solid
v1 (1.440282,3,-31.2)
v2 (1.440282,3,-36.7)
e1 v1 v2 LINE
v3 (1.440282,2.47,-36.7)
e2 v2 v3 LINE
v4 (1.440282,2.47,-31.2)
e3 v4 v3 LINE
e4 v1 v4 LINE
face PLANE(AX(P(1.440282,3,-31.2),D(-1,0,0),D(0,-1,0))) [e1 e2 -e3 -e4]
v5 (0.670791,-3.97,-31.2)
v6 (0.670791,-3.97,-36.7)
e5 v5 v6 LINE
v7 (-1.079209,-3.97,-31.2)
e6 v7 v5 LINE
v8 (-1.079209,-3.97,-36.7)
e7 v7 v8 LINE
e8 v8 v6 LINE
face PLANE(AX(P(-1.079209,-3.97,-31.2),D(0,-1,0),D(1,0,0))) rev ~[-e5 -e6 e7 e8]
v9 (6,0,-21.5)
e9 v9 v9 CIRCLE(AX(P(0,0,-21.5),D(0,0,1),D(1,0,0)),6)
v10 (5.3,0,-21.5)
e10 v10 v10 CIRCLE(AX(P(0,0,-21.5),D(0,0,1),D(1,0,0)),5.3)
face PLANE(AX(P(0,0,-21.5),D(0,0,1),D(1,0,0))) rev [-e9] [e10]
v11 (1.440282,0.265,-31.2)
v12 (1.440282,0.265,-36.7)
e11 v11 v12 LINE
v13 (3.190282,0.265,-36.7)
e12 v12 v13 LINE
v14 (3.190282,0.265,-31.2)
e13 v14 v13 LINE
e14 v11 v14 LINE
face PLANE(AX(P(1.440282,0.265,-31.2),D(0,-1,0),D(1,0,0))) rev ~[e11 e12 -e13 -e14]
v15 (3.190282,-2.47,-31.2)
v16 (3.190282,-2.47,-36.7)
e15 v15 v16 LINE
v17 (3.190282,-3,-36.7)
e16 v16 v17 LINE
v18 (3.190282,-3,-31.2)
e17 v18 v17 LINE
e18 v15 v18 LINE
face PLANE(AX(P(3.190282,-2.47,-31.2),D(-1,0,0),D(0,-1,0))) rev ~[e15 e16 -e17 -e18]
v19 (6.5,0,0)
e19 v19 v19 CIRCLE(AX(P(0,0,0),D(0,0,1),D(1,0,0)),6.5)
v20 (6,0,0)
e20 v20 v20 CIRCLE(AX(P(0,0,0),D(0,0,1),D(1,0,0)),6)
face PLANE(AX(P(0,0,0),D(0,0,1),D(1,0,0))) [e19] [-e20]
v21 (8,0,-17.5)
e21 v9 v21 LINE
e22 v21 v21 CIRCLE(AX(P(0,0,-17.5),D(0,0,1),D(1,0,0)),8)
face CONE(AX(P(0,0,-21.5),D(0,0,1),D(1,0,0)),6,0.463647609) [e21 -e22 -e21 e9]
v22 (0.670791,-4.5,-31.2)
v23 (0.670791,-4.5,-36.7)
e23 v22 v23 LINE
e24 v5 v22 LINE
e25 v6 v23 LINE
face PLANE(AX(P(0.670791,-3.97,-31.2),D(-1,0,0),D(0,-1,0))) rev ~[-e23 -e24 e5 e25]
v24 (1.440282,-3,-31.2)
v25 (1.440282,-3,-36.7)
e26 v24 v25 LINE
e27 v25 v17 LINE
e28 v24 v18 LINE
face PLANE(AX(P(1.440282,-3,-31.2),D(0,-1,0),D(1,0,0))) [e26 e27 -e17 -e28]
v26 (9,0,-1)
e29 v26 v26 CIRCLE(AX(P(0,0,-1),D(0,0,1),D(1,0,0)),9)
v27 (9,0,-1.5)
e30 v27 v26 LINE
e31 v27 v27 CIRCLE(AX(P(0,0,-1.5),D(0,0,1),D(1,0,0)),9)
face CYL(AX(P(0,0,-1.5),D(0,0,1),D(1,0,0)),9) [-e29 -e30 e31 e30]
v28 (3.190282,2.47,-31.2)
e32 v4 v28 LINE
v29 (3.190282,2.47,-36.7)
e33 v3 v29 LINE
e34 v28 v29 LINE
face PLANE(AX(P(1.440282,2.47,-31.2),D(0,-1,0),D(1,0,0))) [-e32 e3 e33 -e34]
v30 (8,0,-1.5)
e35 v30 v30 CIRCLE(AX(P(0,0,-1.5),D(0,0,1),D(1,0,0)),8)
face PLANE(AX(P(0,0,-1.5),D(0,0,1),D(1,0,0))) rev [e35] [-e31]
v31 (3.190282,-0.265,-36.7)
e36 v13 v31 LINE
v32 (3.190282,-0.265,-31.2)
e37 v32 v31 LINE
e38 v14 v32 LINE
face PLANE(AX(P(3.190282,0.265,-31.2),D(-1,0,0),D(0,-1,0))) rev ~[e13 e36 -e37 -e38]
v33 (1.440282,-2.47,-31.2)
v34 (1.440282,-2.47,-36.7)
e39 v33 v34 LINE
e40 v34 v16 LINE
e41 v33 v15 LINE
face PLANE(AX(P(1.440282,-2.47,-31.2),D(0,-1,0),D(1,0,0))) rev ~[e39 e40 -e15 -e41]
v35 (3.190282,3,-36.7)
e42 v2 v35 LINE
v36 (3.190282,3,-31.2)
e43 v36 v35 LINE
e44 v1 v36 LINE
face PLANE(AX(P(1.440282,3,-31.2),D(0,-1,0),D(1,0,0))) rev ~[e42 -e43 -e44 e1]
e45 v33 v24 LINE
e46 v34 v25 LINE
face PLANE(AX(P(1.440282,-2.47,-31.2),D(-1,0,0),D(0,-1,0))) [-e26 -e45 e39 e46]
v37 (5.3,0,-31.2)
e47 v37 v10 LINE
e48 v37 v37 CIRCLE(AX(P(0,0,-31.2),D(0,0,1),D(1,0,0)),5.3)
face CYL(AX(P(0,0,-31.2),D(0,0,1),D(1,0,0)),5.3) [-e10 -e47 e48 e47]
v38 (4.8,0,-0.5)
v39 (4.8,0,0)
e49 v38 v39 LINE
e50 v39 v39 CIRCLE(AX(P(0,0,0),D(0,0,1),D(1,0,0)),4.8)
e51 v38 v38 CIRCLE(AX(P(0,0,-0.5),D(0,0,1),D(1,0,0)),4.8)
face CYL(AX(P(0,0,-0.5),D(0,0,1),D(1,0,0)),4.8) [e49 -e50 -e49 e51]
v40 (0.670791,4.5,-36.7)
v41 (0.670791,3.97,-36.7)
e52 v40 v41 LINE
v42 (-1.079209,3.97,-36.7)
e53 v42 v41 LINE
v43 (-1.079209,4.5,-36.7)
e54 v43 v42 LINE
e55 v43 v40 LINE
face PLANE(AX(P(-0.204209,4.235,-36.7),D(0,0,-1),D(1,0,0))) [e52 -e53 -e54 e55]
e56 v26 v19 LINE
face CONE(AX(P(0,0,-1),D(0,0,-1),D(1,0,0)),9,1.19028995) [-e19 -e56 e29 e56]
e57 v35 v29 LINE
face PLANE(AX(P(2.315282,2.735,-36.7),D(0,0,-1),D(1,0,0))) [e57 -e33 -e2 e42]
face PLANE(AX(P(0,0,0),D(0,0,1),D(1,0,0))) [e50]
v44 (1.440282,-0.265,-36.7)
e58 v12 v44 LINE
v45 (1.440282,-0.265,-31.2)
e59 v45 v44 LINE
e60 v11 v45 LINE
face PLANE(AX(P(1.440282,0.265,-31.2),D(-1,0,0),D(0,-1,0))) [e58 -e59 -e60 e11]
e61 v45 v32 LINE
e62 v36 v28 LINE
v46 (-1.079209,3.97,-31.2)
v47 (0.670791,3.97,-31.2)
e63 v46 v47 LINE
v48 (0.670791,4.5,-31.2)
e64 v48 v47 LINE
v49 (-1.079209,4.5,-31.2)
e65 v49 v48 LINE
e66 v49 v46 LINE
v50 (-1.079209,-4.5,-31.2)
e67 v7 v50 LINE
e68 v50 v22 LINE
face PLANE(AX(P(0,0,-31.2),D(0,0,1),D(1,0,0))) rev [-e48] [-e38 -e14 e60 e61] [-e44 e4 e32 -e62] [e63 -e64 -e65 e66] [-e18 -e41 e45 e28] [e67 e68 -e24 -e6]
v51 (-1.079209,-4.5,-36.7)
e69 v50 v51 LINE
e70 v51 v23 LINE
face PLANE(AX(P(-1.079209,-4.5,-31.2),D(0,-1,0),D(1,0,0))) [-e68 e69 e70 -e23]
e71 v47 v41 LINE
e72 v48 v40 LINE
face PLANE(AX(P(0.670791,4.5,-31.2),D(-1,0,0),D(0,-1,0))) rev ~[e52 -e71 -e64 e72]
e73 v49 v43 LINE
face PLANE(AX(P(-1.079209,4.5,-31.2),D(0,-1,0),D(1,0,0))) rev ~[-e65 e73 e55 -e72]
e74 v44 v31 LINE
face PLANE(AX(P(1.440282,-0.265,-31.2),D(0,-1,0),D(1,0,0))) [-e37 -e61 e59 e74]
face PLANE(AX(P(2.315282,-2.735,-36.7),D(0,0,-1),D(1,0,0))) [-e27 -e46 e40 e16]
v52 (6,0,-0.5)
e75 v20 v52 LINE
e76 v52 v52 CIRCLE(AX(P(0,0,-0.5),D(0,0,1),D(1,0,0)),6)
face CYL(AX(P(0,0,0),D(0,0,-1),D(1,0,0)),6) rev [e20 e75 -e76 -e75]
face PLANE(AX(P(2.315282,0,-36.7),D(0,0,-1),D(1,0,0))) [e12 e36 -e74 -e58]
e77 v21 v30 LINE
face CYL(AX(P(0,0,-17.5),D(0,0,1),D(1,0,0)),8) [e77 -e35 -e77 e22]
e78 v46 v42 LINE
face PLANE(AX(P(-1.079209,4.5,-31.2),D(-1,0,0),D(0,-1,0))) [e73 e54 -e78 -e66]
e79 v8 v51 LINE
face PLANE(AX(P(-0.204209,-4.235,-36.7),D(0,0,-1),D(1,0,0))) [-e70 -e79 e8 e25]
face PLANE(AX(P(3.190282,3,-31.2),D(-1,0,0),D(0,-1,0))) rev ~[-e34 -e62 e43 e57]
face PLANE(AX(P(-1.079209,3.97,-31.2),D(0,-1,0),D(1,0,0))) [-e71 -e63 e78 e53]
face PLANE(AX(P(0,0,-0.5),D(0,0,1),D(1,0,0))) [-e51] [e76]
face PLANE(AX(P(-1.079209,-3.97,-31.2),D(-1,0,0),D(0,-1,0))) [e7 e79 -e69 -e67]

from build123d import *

# Parameters (mm, degrees)
F2_W     = 1.75
F2_H     = 0.53
F3_DEPTH = 5.5


with BuildPart() as f1:
    # F0 (on Front) → F1 (revolve)
    with BuildSketch(Plane.XZ):
        Polygon((4.8, 0), (0, 0), (0, -31.2), (5.3, -31.2), (5.3, -21.5), (6, -21.5), (8, -17.5), (8, -1.5), (9, -1.5), (9, -1), (6.5, 0), (6, 0), (6, -0.5), (4.8, -0.5), align=None)
    revolve(axis=Axis((0, 0, -15.6), (0, 0, 1)))

    # F2 (on face) → F3 (join)
    with BuildSketch(Plane(origin=(0, 0, -31.2), x_dir=(1, 0, 0), z_dir=(0, 0, -1))):
        with Locations((-0.204209, -4.235)):
            Rectangle(F2_W, F2_H)
        with Locations((2.315282, -2.735)):
            Rectangle(F2_W, F2_H)
        with Locations((2.315282, 0)):
            Rectangle(F2_W, F2_H)
        with Locations((2.315282, 2.735)):
            Rectangle(F2_W, F2_H)
        with Locations((-0.204209, 4.235)):
            Rectangle(F2_W, F2_H)
    extrude(amount=F3_DEPTH)


solid = f1.part
